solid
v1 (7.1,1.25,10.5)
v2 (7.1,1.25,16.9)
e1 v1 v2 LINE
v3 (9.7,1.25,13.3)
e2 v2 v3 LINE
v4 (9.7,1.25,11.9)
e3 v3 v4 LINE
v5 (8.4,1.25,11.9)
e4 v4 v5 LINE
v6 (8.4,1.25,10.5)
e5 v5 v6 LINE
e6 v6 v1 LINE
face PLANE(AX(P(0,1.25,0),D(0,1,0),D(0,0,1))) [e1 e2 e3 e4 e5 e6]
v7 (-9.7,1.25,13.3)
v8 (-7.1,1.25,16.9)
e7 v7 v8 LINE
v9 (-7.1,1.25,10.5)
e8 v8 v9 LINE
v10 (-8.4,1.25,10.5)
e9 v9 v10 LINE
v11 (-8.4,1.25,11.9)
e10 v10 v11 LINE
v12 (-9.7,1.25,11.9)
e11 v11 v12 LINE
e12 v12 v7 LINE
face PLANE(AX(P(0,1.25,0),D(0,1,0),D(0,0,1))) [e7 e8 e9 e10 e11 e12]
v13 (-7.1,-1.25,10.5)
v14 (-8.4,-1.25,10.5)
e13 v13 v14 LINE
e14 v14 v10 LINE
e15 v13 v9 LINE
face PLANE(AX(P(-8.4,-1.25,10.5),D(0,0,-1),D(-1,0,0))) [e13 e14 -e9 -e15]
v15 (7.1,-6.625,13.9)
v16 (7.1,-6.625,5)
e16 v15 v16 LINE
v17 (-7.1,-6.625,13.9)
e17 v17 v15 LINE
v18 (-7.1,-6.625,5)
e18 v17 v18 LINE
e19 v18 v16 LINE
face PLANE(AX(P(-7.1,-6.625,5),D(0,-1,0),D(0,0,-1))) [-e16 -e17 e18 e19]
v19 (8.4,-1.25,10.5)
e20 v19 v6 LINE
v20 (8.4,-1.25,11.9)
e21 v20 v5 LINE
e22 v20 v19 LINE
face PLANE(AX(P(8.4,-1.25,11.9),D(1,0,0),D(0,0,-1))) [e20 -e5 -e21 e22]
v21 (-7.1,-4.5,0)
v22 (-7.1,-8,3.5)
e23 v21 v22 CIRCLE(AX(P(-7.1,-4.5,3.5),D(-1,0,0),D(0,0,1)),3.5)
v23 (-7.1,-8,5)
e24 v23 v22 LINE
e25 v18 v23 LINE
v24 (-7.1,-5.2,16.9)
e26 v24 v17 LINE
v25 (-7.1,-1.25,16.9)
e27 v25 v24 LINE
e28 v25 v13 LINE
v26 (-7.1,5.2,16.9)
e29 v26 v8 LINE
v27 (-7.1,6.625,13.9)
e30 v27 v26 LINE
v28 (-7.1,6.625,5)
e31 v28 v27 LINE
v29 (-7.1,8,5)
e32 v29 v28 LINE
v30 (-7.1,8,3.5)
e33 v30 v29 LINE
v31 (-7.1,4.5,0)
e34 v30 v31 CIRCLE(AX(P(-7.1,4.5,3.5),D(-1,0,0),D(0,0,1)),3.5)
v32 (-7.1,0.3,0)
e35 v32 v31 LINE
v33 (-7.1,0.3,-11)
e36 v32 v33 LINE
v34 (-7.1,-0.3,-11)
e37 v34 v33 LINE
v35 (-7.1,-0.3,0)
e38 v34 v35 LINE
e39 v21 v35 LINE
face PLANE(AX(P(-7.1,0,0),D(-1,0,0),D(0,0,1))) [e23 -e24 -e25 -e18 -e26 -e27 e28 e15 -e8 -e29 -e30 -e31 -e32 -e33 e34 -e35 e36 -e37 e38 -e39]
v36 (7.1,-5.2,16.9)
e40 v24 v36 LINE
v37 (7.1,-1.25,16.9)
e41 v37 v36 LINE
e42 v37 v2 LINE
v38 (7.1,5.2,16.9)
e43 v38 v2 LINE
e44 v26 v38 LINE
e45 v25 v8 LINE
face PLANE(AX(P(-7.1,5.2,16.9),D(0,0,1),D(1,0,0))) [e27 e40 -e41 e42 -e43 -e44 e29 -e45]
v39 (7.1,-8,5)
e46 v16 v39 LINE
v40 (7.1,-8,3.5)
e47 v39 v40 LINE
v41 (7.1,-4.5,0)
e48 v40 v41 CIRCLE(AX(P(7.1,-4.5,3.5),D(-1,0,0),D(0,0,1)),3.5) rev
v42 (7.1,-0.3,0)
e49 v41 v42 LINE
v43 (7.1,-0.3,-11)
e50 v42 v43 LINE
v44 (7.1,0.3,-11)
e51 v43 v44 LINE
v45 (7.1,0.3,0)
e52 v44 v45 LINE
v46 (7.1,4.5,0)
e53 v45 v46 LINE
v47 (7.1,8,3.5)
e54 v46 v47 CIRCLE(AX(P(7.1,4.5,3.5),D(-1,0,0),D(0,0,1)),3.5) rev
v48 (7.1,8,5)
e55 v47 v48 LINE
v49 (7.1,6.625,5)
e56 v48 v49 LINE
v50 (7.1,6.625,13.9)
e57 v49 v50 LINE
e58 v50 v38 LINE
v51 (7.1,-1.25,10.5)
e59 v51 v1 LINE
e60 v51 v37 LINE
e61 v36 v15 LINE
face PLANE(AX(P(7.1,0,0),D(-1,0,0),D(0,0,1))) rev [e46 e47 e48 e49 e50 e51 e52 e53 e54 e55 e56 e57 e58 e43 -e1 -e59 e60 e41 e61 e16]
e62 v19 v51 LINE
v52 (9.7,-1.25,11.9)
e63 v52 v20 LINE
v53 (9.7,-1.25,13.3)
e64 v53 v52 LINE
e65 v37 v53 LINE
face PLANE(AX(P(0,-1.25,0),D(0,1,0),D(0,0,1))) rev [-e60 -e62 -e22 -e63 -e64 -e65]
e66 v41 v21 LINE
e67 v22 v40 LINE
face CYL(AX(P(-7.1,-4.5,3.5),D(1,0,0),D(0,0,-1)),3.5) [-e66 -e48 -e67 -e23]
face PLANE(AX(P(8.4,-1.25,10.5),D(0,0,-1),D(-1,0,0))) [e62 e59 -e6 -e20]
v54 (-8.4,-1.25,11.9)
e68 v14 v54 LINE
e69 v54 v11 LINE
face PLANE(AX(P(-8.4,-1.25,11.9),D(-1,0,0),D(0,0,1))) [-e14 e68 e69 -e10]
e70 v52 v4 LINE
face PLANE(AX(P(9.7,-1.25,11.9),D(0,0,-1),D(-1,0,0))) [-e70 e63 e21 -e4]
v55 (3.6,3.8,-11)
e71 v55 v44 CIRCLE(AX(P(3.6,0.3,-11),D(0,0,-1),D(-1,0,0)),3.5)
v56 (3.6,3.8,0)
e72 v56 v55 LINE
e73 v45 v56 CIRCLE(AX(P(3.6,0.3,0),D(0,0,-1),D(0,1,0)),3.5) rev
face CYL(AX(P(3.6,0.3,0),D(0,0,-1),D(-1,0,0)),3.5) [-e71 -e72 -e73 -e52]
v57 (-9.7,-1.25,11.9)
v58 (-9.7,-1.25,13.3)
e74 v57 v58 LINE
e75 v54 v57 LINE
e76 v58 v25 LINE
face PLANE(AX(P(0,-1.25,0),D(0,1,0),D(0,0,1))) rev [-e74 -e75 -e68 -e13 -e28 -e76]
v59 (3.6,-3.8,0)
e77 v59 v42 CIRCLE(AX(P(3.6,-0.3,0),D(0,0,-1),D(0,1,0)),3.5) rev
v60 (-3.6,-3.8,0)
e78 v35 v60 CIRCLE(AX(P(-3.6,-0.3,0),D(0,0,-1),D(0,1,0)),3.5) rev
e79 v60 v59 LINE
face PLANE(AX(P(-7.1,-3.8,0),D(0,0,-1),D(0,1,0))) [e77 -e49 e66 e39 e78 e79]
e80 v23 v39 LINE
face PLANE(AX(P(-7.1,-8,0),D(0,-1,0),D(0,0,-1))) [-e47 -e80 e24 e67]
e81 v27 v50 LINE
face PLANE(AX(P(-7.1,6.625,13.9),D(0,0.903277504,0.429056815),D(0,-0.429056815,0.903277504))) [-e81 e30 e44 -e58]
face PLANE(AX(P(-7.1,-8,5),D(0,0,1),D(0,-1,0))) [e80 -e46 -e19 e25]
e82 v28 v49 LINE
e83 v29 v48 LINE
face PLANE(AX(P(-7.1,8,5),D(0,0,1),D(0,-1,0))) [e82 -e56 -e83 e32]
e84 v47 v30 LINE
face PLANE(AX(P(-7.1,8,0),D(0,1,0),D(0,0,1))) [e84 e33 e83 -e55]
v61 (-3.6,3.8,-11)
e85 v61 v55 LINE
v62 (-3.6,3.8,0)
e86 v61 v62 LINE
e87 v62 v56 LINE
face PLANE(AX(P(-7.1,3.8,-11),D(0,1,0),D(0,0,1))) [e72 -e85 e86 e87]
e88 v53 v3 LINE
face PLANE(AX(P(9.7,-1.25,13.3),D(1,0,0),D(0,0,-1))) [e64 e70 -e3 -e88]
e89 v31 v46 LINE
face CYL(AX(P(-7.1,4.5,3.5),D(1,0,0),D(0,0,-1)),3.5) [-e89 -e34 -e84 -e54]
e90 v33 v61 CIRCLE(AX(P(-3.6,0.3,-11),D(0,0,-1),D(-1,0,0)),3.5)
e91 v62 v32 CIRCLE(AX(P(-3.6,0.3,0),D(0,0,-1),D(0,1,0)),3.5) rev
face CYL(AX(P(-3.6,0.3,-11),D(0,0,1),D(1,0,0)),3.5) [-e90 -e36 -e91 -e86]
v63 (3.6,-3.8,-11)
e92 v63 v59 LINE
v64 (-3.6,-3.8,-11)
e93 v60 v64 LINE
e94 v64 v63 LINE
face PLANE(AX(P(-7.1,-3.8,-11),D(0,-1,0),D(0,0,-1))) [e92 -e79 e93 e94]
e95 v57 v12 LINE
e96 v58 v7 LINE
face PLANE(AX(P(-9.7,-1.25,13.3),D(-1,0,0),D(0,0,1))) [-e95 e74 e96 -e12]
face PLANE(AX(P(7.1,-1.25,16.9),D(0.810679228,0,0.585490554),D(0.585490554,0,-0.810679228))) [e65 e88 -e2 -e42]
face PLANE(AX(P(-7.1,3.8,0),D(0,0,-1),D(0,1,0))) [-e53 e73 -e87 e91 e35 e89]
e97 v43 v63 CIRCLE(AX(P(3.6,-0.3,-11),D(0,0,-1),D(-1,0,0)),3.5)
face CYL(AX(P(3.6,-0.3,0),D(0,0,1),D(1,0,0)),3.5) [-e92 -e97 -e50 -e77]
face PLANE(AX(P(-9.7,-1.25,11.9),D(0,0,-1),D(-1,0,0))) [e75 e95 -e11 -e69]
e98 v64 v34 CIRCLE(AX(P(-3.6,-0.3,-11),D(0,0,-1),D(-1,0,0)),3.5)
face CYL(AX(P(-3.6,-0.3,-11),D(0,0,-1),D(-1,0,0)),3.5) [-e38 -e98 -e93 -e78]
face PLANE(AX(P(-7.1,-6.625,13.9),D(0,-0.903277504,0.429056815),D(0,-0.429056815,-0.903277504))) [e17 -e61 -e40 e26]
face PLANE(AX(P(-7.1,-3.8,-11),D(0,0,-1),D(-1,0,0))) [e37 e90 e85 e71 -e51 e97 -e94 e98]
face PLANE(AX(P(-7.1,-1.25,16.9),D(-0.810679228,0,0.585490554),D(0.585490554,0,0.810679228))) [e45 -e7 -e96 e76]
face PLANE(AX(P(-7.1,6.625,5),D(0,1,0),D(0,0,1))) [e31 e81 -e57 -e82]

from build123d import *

# Parameters (mm, degrees)
BOSS_EXTRUDE1_DEPTH      = 7.1
BOSS_EXTRUDE1_DEPTH_BACK = 7.1
FILLET1_R                = 3.5
BOSS_EXTRUDE2_DEPTH      = 1.25
BOSS_EXTRUDE2_DEPTH_BACK = 1.25


with BuildPart() as part:
    # Sketch1 → Boss-Extrude1 (new, two sides: drawn at the far end of the back side and taken through both)
    with BuildSketch(Plane(origin=(0, 0, 0), x_dir=(0, 0, -1), z_dir=(1, 0, 0)).offset(-BOSS_EXTRUDE1_DEPTH_BACK)):
        Polygon((11, -3.8), (11, 3.8), (0, 3.8), (0, 8), (-5, 8), (-5, 6.625), (-13.9, 6.625), (-16.9, 5.2), (-16.9, -5.2), (-13.9, -6.625), (-5, -6.625), (-5, -8), (0, -8), (0, -3.8), align=None)
    extrude(amount=BOSS_EXTRUDE1_DEPTH + BOSS_EXTRUDE1_DEPTH_BACK)

    # Fillet1
    fillet1_edges = [part.edges().sort_by_distance(p)[0] for p in [
        (0, -8, 0),
        (0, 8, 0),
        (7.1, 3.8, -5.5),
        (7.1, -3.8, -5.5),
        (-7.1, 3.8, -5.5),
        (-7.1, -3.8, -5.5),
    ]]
    fillet(fillet1_edges, radius=FILLET1_R)

    # Sketch2 → Boss-Extrude2 (add, two sides: drawn at the far end of the back side and taken through both)
    with BuildSketch(Plane(origin=(0, 0, 0), x_dir=(1, 0, 0), z_dir=(0, 1, 0)).offset(-BOSS_EXTRUDE2_DEPTH_BACK)):
        Polygon((-7.1, -16.9), (-9.7, -13.3), (-9.7, -11.9), (-8.4, -11.9), (-8.4, -10.5), (-7.1, -10.5), align=None)
        Polygon((7.1, -10.5), (7.1, -16.9), (9.7, -13.3), (9.7, -11.9), (8.4, -11.9), (8.4, -10.5), align=None)
    extrude(amount=BOSS_EXTRUDE2_DEPTH + BOSS_EXTRUDE2_DEPTH_BACK)


solid = part.part
